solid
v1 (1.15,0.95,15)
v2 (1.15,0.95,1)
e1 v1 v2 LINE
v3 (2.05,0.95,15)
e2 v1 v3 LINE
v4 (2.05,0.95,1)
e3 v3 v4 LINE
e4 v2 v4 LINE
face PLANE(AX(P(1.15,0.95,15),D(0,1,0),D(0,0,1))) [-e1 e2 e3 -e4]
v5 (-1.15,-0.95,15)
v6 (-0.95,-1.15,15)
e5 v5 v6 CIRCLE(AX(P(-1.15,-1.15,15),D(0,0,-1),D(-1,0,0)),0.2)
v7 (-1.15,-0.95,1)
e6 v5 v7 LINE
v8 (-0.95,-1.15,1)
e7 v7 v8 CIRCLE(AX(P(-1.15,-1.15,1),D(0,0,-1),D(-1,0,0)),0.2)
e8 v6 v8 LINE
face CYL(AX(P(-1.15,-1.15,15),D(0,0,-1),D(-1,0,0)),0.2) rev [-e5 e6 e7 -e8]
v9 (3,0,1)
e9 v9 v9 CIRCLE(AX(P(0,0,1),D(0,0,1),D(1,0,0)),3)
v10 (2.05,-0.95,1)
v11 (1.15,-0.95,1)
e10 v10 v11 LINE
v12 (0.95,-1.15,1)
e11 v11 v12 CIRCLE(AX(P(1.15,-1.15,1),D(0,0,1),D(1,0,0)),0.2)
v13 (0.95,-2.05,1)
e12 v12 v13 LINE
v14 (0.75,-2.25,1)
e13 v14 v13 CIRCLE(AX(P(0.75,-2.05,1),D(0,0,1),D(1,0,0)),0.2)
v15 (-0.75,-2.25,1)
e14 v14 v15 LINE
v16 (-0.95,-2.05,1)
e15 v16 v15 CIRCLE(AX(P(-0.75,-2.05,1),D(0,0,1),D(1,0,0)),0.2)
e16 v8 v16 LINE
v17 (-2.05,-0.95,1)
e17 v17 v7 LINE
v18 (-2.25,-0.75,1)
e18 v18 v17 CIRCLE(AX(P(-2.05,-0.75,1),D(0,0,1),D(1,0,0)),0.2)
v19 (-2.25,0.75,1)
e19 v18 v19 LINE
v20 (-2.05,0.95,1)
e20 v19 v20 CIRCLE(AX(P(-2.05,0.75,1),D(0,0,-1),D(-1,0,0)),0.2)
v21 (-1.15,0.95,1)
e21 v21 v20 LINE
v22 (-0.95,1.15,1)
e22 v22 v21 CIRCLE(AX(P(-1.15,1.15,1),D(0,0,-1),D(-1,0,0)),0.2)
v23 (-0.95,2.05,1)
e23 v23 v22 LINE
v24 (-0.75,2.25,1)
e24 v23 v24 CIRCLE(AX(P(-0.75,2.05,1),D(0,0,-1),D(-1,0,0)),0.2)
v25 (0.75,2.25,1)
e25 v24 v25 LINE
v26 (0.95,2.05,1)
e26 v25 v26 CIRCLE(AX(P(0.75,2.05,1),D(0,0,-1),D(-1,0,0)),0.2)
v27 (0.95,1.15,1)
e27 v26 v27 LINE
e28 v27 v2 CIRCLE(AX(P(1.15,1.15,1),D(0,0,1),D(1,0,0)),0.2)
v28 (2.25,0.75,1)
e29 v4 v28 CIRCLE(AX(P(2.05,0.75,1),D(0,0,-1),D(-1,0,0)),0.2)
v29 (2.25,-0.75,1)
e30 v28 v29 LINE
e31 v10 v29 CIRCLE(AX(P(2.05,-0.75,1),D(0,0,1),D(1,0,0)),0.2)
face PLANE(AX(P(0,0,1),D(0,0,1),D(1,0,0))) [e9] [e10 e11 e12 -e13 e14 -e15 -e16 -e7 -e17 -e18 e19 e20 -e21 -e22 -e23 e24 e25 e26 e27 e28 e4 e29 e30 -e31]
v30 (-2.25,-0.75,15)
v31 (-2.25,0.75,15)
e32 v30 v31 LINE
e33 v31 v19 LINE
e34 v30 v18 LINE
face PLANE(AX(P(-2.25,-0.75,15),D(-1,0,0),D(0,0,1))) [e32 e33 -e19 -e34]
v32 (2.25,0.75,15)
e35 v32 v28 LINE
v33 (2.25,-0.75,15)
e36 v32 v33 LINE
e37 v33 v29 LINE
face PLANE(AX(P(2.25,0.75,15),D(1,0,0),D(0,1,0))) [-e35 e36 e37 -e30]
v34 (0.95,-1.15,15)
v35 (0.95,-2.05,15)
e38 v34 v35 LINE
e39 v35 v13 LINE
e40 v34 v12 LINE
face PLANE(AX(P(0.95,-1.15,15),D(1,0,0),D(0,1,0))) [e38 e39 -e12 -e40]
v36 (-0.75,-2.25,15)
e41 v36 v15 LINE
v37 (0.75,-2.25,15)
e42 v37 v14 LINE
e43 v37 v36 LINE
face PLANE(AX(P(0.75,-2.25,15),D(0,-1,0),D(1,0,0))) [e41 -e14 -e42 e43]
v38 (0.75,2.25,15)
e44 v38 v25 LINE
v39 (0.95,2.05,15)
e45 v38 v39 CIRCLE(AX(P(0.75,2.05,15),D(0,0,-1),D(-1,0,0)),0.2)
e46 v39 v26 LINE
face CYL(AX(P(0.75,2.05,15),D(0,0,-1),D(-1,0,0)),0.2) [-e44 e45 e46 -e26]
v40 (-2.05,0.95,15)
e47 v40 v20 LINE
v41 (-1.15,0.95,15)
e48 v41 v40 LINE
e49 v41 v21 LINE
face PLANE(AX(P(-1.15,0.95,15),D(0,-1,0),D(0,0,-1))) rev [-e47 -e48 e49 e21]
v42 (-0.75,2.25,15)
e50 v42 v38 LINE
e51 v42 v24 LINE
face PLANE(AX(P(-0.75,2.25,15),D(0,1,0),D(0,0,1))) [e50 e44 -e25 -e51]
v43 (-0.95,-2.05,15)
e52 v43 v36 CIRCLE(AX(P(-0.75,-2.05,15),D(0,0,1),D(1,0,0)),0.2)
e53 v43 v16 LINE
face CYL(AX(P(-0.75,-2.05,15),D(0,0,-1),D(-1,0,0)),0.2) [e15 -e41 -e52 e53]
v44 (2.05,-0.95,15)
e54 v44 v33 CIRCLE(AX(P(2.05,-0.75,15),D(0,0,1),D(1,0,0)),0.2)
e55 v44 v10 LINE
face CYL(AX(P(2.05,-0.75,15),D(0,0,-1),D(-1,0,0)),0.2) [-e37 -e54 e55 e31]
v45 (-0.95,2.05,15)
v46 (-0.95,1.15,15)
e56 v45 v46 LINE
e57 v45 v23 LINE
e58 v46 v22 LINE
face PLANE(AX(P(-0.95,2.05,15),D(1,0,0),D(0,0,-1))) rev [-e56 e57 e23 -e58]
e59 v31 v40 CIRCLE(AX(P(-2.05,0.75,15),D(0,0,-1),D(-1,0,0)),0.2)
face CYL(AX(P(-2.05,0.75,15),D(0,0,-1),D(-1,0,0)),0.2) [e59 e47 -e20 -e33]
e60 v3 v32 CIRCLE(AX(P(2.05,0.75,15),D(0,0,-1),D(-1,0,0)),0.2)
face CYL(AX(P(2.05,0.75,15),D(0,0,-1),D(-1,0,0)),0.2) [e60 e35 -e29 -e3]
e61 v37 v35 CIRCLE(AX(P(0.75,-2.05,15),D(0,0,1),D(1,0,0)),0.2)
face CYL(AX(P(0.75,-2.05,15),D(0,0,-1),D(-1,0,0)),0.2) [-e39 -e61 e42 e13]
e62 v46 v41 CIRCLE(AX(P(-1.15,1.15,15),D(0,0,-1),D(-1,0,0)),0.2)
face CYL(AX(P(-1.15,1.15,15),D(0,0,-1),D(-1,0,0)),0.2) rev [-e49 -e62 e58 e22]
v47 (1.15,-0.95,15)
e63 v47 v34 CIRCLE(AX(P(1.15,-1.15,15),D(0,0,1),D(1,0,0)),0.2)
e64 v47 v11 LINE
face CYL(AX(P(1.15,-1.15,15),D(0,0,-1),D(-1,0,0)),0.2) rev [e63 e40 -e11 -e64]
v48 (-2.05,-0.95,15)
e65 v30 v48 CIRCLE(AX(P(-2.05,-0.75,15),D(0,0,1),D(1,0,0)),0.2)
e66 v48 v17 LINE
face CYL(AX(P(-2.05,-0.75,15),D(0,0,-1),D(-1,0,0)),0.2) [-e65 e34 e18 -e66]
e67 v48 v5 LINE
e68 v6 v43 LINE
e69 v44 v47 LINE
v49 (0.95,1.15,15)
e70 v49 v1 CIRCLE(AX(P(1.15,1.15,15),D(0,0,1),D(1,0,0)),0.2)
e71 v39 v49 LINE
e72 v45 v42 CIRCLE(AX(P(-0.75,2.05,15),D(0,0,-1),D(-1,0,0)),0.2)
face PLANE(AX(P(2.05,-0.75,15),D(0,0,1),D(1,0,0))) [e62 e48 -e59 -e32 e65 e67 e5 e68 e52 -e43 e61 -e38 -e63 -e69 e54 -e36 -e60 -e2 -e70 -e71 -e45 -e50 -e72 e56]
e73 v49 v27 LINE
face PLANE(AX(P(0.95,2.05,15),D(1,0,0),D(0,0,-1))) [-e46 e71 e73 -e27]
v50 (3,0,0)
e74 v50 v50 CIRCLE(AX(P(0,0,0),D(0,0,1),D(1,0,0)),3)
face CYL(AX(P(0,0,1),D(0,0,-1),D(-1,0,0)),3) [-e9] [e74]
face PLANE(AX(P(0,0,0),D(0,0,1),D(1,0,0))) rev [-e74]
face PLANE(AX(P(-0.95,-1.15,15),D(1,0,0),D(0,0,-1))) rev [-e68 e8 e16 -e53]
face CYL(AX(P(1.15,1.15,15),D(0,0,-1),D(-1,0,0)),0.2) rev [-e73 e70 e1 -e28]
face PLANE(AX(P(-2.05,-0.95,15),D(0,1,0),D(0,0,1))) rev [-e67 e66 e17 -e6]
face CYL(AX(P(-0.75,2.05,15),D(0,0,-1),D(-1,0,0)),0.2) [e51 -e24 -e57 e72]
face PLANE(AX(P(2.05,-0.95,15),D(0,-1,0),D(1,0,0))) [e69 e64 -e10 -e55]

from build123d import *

# Parameters (mm, degrees)
SKETCH1_R           = 3
BOSS_EXTRUDE1_DEPTH = 1
BOSS_EXTRUDE2_DEPTH = 14


with BuildPart() as part:
    # Sketch1 → Boss-Extrude1 (new body)
    with BuildSketch(Plane(origin=(0, 0, 0), x_dir=(0, 1, 0), z_dir=(0, 0, 1))):
        with Locations(Location((0, 0, 0), (0, 0, 270))):
            Circle(SKETCH1_R)
    extrude(amount=BOSS_EXTRUDE1_DEPTH)

    # Sketch2 → Boss-Extrude2 (add)
    with BuildSketch(Plane.XY.offset(1)):
        with BuildLine():
            Line((-0.95, 2.05), (-0.95, 1.15))
            ThreePointArc((-0.95, 1.15), (-1.008578644, 1.008578644), (-1.15, 0.95))
            Line((-1.15, 0.95), (-2.05, 0.95))
            ThreePointArc((-2.05, 0.95), (-2.191421356, 0.891421356), (-2.25, 0.75))
            Line((-2.25, 0.75), (-2.25, -0.75))
            ThreePointArc((-2.25, -0.75), (-2.191421356, -0.891421356), (-2.05, -0.95))
            Line((-2.05, -0.95), (-1.15, -0.95))
            ThreePointArc((-1.15, -0.95), (-1.008578644, -1.008578644), (-0.95, -1.15))
            Line((-0.95, -1.15), (-0.95, -2.05))
            ThreePointArc((-0.95, -2.05), (-0.891421356, -2.191421356), (-0.75, -2.25))
            Line((-0.75, -2.25), (0.75, -2.25))
            ThreePointArc((0.75, -2.25), (0.891421356, -2.191421356), (0.95, -2.05))
            Line((0.95, -2.05), (0.95, -1.15))
            ThreePointArc((0.95, -1.15), (1.008578644, -1.008578644), (1.15, -0.95))
            Line((1.15, -0.95), (2.05, -0.95))
            ThreePointArc((2.05, -0.95), (2.191421356, -0.891421356), (2.25, -0.75))
            Line((2.25, -0.75), (2.25, 0.75))
            ThreePointArc((2.25, 0.75), (2.191421356, 0.891421356), (2.05, 0.95))
            Line((2.05, 0.95), (1.15, 0.95))
            ThreePointArc((1.15, 0.95), (1.008578644, 1.008578644), (0.95, 1.15))
            Line((0.95, 1.15), (0.95, 2.05))
            ThreePointArc((0.95, 2.05), (0.891421356, 2.191421356), (0.75, 2.25))
            Line((0.75, 2.25), (-0.75, 2.25))
            ThreePointArc((-0.75, 2.25), (-0.891421356, 2.191421356), (-0.95, 2.05))
        make_face()
    extrude(amount=BOSS_EXTRUDE2_DEPTH)


solid = part.part
